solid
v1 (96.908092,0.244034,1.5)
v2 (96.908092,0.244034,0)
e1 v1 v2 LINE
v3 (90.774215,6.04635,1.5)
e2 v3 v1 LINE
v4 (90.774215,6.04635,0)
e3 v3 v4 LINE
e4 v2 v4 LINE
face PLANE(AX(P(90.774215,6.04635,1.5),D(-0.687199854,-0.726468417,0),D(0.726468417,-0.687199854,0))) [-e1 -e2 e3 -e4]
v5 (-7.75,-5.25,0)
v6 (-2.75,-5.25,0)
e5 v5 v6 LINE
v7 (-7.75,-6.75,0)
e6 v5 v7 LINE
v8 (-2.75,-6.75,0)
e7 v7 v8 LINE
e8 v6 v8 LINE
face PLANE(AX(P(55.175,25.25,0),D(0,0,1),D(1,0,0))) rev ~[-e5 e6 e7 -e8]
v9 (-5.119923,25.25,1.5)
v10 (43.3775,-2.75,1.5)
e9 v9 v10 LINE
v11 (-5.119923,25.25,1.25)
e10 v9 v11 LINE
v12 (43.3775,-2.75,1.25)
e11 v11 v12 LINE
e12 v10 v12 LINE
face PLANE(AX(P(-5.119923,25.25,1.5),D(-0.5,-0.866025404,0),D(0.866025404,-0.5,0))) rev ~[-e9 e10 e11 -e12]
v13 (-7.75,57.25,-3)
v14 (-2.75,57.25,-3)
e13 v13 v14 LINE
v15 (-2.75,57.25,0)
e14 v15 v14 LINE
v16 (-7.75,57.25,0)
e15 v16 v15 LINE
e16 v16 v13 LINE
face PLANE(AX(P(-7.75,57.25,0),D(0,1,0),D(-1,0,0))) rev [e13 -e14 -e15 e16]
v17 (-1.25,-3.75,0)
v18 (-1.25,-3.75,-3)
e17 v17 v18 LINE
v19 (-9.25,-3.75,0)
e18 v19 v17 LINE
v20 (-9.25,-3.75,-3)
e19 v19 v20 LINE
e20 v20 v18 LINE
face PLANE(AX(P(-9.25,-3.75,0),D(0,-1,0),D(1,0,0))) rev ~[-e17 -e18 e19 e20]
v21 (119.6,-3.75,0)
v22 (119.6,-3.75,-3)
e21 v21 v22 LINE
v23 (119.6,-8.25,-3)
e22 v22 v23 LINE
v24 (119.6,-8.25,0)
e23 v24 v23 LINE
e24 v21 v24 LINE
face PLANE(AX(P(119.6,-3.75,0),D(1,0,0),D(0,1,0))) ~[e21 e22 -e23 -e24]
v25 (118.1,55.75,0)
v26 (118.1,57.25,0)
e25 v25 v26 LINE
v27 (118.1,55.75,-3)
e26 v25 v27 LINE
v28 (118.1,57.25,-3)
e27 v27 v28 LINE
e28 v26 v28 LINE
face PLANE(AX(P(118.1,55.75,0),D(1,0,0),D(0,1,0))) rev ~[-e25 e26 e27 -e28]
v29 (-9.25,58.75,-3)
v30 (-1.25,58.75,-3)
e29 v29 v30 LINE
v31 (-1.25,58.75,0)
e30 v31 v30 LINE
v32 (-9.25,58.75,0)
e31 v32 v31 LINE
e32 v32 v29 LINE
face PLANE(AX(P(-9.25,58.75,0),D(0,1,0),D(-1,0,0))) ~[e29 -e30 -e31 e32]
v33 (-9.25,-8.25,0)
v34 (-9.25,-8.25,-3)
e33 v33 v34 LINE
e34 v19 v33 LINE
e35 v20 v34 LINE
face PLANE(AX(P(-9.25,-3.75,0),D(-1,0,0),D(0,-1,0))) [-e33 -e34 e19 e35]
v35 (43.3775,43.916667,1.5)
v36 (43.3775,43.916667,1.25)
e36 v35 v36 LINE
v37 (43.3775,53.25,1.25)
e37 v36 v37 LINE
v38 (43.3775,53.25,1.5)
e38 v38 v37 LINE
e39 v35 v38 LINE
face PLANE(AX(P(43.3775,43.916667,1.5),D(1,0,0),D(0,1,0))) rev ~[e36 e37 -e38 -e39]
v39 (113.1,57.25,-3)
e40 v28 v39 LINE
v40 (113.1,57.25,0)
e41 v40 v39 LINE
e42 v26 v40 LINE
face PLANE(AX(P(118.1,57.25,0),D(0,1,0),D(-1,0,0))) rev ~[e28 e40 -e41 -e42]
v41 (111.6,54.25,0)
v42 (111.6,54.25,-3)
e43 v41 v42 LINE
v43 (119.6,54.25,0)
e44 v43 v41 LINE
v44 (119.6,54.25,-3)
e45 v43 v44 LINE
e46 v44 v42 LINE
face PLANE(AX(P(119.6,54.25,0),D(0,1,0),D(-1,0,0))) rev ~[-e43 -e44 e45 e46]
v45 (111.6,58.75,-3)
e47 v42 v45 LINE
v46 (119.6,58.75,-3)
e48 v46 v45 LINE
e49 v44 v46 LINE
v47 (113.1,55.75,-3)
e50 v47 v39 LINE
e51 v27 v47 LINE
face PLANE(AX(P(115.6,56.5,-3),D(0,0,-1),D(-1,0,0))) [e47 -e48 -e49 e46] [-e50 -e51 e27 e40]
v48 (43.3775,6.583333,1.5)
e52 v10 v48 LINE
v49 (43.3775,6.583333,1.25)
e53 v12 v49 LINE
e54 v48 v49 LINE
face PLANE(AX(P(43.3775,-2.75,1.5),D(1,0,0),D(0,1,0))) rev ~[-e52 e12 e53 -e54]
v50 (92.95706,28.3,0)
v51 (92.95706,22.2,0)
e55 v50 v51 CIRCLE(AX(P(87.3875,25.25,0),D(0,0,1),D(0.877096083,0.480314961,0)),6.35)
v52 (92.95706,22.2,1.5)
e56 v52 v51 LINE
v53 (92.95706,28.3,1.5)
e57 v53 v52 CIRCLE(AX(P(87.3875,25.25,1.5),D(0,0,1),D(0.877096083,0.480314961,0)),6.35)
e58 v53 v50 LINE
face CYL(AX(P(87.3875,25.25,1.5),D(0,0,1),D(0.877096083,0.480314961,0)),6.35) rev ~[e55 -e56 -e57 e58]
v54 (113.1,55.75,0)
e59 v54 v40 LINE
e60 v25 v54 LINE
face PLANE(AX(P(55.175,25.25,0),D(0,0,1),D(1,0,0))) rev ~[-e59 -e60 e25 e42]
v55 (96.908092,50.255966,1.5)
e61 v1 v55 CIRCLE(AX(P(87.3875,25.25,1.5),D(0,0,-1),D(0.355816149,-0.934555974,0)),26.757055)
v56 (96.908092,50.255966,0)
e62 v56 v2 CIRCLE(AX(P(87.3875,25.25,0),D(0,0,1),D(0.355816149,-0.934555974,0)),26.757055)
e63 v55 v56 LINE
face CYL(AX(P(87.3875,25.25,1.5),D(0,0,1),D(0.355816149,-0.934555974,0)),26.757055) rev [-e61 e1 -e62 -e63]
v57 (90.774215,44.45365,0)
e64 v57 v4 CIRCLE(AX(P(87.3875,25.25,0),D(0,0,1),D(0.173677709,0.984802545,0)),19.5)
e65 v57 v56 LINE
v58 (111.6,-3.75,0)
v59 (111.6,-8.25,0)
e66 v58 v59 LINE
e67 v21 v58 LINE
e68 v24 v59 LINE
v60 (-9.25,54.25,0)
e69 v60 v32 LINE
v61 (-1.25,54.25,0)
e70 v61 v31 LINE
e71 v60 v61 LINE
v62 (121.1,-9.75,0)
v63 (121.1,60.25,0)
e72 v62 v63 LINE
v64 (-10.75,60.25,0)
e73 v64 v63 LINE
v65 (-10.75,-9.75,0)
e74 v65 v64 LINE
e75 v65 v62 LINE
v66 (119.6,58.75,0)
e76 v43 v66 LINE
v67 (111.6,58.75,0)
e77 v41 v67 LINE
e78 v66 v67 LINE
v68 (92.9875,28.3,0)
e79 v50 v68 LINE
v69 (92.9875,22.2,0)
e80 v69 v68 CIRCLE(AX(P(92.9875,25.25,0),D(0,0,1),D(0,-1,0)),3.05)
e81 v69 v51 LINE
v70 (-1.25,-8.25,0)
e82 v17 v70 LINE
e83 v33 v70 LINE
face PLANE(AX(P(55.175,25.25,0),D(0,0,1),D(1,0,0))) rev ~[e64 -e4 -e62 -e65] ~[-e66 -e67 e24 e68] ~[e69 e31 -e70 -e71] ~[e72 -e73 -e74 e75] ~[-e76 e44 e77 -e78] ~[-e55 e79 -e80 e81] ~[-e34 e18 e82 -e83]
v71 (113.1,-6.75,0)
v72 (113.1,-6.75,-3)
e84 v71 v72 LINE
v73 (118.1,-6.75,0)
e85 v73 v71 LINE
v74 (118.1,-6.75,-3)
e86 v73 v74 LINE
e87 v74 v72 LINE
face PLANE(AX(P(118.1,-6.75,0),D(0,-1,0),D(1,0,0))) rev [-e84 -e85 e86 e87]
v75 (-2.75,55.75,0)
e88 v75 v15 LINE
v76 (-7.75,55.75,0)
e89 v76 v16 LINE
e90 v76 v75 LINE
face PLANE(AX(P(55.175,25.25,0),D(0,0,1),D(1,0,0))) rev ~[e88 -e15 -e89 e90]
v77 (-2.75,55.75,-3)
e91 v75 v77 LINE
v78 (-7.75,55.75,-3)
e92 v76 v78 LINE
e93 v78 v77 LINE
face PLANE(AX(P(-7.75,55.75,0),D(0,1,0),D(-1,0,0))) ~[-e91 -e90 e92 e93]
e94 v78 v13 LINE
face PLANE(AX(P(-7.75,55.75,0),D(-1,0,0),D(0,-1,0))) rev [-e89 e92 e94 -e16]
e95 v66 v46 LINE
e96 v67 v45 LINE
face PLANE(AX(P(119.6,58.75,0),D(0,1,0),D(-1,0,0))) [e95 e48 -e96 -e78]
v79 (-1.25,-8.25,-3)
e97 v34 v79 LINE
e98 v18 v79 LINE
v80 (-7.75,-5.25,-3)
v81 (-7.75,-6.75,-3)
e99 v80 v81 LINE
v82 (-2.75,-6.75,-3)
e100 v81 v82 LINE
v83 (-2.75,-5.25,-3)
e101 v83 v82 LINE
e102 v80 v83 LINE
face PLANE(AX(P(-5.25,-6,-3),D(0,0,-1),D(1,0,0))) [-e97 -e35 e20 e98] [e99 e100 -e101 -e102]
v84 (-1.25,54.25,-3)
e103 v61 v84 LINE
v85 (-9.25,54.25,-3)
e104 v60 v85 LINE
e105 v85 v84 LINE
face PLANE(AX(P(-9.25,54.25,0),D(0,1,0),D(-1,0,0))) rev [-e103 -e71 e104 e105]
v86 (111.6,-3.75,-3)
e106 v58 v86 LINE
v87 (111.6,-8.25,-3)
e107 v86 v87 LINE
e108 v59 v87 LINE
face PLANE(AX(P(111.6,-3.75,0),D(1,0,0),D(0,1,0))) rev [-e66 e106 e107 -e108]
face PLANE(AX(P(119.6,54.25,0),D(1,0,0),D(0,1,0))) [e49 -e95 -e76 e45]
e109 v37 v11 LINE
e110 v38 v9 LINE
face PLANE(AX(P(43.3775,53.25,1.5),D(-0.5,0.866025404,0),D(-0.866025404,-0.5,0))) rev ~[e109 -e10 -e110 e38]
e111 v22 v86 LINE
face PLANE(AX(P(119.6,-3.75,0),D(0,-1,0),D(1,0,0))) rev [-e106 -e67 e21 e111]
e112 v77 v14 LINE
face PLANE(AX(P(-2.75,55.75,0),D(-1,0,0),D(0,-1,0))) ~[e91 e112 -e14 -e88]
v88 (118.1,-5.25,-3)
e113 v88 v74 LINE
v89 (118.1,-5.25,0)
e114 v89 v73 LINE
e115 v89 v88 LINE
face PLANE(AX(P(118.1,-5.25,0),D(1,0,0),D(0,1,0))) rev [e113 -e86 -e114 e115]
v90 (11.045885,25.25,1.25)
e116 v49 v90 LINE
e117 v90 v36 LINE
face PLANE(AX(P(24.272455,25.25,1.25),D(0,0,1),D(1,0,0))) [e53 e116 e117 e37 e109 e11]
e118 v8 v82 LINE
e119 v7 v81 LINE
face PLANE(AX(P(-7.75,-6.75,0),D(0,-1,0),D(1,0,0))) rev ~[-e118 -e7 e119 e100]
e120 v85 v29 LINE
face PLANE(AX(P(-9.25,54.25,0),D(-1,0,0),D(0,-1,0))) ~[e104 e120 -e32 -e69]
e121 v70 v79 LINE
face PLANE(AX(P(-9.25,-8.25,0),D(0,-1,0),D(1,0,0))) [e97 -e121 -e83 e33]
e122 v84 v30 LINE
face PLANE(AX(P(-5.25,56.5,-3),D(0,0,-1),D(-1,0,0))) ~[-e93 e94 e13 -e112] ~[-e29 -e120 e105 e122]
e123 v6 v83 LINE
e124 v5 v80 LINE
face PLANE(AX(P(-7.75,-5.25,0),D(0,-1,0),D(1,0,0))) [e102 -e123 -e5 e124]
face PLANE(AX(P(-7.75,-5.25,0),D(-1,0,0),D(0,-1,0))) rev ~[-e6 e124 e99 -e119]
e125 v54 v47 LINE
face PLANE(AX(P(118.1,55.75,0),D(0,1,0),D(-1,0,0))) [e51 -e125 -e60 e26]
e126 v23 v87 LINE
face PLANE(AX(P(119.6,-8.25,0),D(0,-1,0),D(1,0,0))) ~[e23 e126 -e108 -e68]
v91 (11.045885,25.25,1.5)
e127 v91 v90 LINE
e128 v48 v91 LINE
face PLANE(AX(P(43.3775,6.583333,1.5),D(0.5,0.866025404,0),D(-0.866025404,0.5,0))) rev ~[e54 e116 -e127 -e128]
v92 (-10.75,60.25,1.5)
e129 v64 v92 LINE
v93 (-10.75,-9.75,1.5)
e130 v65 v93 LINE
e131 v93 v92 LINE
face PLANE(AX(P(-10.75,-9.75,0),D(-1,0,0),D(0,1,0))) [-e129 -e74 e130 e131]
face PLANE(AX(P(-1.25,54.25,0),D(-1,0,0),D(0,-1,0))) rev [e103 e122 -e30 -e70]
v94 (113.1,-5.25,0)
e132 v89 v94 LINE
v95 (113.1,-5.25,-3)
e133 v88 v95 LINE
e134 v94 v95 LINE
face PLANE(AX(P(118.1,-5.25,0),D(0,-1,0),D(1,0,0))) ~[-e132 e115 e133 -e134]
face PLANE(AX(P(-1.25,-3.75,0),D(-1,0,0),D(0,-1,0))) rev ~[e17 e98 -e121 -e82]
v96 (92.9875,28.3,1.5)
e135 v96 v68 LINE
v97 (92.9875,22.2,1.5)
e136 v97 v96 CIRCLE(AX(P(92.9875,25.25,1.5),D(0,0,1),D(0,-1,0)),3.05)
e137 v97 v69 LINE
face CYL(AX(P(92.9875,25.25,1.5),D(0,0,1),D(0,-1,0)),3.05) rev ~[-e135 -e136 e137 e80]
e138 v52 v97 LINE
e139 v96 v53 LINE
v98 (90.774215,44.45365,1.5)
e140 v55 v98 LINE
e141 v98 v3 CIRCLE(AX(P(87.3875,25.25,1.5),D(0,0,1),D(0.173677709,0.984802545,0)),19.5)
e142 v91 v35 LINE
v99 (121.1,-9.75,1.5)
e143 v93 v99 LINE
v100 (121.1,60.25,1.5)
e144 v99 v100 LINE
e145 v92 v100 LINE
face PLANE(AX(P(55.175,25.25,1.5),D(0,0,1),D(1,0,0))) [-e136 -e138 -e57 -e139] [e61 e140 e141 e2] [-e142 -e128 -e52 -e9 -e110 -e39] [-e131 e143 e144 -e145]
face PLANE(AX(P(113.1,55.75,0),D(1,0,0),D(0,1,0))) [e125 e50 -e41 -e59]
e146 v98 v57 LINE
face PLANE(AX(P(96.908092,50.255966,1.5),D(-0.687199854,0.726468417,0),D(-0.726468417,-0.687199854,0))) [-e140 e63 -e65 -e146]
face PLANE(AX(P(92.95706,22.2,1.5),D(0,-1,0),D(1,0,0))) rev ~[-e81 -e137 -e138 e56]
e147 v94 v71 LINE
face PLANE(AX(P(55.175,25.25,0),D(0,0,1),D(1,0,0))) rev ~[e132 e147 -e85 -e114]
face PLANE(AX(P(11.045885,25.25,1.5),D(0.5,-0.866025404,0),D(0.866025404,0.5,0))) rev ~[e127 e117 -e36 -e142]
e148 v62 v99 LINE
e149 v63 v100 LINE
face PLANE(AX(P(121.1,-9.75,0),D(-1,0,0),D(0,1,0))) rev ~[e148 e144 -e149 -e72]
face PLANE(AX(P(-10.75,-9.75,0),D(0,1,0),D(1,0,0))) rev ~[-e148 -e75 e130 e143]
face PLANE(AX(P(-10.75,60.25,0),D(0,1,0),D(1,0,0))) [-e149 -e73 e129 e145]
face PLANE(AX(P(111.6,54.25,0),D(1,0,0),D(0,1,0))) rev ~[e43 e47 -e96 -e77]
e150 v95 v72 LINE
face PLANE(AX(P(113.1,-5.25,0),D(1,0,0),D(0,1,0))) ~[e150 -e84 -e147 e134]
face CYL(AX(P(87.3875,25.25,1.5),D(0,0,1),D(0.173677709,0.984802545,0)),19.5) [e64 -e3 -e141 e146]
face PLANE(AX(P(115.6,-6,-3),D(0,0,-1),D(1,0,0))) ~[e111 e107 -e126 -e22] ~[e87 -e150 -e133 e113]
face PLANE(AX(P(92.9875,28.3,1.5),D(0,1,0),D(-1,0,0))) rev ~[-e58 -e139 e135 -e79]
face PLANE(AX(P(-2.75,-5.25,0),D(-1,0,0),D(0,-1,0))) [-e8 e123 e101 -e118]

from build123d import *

# Parameters (mm, degrees)
SKETCH1_W                 = 131.85
SKETCH1_H                 = 70
BOSS_EXTRUDE1_DEPTH       = 1.5
CUT_EXTRUDE1_REACH        = 137.268
SKETCH4_W                 = 8
SKETCH4_H                 = 4.5
SKETCH4_W_2               = 5
SKETCH4_H_2               = 1.5
BOSS_EXTRUDE2_DEPTH       = 3
MIRROR2_COPY_1_SKETCH_W   = 8
MIRROR2_COPY_1_SKETCH_H   = 4.5
MIRROR2_COPY_1_SKETCH_W_2 = 5
MIRROR2_COPY_1_SKETCH_H_2 = 1.5
MIRROR2_COPY_1_DEPTH      = 3
CUT_EXTRUDE2_REACH        = 137.335
CUT_EXTRUDE3_DEPTH        = 0.25


with BuildPart() as part:
    # Sketch1 → Boss-Extrude1 (new body)
    with BuildSketch(Plane.XY):
        with Locations((55.175, 25.25)):
            Rectangle(SKETCH1_W, SKETCH1_H)
    extrude(amount=BOSS_EXTRUDE1_DEPTH)

    # Sketch2 → Cut-Extrude1 (cut, up to next)
    with BuildSketch(Plane.XY.offset(1.5), mode=Mode.PRIVATE) as cut_extrude1_sk1:
        with BuildLine():
            Line((92.957060126, 22.2), (92.9875, 22.2))
            ThreePointArc((92.9875, 22.2), (96.0375, 25.25), (92.9875, 28.3))
            Line((92.9875, 28.3), (92.957060126, 28.3))
            ThreePointArc((92.957060126, 28.3), (81.0375, 25.25), (92.957060126, 22.2))
        make_face()
    cut_extrude1_tool1 = extrude(cut_extrude1_sk1.sketch, amount=-CUT_EXTRUDE1_REACH, mode=Mode.PRIVATE) & part.part
    add(cut_extrude1_tool1.solids().sort_by_distance((87.98685, 25.25, 1.5))[0], mode=Mode.SUBTRACT)

    # Sketch4 → Boss-Extrude2 (add)
    with BuildSketch(Plane(origin=(0, 0, 0), x_dir=(-1, 0, 0), z_dir=(0, 0, -1))):
        with Locations((-115.6, 56.5)):
            Rectangle(SKETCH4_W, SKETCH4_H)
        with Locations((-115.6, 56.5)):
            Rectangle(SKETCH4_W_2, SKETCH4_H_2, mode=Mode.SUBTRACT)
    boss_extrude2 = extrude(amount=BOSS_EXTRUDE2_DEPTH)

    # Mirror1: Boss-Extrude2 across plane
    add(boss_extrude2.mirror(Plane.ZX.offset(25.25)))

    # Mirror2: Boss-Extrude2 across plane
    add(boss_extrude2.mirror(Plane(origin=(55.175, 0, 0), x_dir=(0, 0, 1), z_dir=(1, 0, 0))))

    # Mirror2 copy 1 sketch → Mirror2 copy 1 (add)
    with BuildSketch(Plane(origin=(110.35, 50.5, 0), x_dir=(1, 0, 0), z_dir=(0, 0, -1))):
        with Locations((-115.6, 56.5)):
            Rectangle(MIRROR2_COPY_1_SKETCH_W, MIRROR2_COPY_1_SKETCH_H)
        with Locations((-115.6, 56.5)):
            Rectangle(MIRROR2_COPY_1_SKETCH_W_2, MIRROR2_COPY_1_SKETCH_H_2, mode=Mode.SUBTRACT)
    extrude(amount=MIRROR2_COPY_1_DEPTH)

    # Sketch5 → Cut-Extrude2 (cut, up to next)
    with BuildSketch(Plane.XY.offset(1.5), mode=Mode.PRIVATE) as cut_extrude2_sk1:
        with BuildLine():
            Line((90.774215328, 6.046350365), (96.908092333, 0.244034279))
            ThreePointArc((96.908092333, 0.244034279), (60.630444856, 25.25), (96.908092333, 50.255965721))
            Line((96.908092333, 50.255965721), (90.774215328, 44.453649635))
            ThreePointArc((90.774215328, 44.453649635), (67.8875, 25.25), (90.774215328, 6.046350365))
        make_face()
    cut_extrude2_tool1 = extrude(cut_extrude2_sk1.sketch, amount=-CUT_EXTRUDE2_REACH, mode=Mode.PRIVATE) & part.part
    add(cut_extrude2_tool1.solids().sort_by_distance((67.240984, 25.25, 1.5))[0], mode=Mode.SUBTRACT)

    # Sketch6 → Cut-Extrude3 (cut)
    with BuildSketch(Plane.XY.offset(1.5)):
        Polygon((-5.119922612, 25.25), (43.3775, -2.75), (43.3775, 6.583333333), (11.045884925, 25.25), (43.3775, 43.916666667), (43.3775, 53.25), align=None)
    extrude(amount=-CUT_EXTRUDE3_DEPTH, mode=Mode.SUBTRACT)


solid = part.part
